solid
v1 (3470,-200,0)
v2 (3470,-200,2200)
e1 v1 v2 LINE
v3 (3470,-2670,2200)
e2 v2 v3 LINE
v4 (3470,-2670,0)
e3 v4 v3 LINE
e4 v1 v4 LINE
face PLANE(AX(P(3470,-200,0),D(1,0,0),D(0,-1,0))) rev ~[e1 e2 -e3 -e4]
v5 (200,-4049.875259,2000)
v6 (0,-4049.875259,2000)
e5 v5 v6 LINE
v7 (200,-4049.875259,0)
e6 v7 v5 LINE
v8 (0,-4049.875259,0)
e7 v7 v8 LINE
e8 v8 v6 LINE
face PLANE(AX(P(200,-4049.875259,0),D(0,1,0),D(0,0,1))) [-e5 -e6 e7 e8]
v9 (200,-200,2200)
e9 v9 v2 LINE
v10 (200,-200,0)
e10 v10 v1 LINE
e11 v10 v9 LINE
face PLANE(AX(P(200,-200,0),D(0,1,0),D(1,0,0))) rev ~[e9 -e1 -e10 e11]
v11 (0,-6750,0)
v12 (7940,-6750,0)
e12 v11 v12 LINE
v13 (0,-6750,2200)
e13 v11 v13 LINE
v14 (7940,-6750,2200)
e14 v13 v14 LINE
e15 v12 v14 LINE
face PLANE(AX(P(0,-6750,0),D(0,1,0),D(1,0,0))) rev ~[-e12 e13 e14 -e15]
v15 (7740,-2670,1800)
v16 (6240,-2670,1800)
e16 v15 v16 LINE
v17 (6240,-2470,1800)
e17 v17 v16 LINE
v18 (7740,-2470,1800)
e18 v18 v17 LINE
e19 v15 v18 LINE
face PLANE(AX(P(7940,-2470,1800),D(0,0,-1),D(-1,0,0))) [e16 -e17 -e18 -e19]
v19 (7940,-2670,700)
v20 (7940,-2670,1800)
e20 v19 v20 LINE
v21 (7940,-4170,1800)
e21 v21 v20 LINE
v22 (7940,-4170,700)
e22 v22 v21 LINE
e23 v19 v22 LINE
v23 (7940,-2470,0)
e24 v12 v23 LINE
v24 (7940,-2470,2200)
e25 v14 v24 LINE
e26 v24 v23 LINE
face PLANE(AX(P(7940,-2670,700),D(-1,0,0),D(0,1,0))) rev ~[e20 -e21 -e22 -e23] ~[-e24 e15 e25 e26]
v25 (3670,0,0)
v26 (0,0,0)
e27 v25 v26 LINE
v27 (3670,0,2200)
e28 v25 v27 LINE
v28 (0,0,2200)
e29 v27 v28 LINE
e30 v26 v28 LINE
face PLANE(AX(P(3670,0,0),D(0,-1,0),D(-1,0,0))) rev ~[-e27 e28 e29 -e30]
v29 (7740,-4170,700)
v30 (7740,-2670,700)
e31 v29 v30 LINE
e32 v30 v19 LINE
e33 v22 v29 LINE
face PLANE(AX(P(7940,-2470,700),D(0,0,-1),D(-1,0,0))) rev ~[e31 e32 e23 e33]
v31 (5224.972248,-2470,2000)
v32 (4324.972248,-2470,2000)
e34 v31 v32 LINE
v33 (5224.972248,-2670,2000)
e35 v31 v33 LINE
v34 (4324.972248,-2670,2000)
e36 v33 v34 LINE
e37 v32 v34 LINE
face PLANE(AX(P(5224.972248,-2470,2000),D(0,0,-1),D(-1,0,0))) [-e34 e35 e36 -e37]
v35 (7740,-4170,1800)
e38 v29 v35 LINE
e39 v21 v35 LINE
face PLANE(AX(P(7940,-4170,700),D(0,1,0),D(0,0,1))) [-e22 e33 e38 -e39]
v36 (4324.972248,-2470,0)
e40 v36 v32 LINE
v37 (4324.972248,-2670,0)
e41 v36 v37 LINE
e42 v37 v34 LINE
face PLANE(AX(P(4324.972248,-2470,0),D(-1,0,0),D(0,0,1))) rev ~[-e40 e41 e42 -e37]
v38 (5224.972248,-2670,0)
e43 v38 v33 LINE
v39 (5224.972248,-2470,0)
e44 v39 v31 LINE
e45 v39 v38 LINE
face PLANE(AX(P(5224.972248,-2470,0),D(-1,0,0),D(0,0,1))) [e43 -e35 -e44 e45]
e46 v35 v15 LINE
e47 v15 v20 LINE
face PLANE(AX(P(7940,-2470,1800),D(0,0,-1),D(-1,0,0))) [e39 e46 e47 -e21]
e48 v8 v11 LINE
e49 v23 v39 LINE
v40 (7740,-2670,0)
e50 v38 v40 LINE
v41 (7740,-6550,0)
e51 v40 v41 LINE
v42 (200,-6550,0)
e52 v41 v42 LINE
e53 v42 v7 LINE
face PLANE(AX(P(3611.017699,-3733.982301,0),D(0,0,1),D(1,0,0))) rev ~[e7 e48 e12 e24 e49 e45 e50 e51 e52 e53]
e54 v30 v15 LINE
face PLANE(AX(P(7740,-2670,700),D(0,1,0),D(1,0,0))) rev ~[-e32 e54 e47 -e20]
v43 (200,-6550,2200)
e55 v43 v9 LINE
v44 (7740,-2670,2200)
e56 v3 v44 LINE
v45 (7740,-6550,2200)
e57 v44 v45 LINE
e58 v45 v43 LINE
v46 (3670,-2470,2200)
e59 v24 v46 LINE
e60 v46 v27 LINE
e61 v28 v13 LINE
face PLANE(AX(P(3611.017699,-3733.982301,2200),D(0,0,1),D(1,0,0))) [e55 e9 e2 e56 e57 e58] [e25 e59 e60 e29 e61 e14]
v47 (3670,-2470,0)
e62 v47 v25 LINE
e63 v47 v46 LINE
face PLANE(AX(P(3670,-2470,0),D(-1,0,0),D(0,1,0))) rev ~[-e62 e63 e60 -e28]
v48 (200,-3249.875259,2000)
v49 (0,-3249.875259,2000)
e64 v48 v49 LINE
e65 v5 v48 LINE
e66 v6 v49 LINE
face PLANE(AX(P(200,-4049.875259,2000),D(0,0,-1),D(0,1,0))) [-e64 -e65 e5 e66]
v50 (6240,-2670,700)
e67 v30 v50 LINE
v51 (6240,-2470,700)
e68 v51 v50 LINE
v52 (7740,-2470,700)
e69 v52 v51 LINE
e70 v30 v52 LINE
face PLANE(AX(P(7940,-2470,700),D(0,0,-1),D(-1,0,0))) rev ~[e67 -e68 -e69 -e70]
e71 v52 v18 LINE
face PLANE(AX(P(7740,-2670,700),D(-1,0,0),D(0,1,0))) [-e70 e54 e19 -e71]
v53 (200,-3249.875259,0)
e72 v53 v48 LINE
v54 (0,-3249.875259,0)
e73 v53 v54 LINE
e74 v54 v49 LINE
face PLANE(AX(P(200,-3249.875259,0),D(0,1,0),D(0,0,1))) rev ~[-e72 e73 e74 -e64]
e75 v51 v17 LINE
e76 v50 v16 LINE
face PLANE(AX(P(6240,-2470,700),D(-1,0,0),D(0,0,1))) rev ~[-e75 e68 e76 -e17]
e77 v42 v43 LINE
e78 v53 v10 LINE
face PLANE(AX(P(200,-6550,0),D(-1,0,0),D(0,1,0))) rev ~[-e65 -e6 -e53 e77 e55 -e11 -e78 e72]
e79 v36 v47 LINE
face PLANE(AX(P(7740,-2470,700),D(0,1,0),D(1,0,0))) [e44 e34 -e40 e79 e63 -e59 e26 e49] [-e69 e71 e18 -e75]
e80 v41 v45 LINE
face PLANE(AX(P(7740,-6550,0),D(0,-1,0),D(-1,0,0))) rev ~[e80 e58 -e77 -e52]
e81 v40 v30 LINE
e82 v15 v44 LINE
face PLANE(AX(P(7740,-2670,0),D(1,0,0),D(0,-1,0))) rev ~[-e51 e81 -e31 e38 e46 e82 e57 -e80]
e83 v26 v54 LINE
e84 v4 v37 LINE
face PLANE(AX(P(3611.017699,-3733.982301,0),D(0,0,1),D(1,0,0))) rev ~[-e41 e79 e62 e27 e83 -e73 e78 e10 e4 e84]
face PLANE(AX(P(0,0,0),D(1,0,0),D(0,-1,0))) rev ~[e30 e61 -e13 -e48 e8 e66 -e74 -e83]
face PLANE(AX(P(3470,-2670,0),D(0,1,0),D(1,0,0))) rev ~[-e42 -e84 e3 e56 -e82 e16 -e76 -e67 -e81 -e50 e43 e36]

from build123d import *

# Parameters (mm, degrees)
F1_DEPTH  = 2200
F2_W      = 900
F2_H      = 2000
F3_DEPTH  = 300
F4_W      = 800
F4_H      = 2000
F5_DEPTH  = 300
F2_W_2    = 1700
F2_H_2    = 1100
F6_DEPTH  = 200
F7_W      = 1500
F7_H      = 1100
F8_DEPTH  = 200
F9_W      = 200
F9_H      = 200
F10_DEPTH = 1100


with BuildPart() as f1:
    # F0 (on Top) → F1 (new body)
    with BuildSketch(Plane.XY):
        Polygon((3670, 0), (0, 0), (0, -6750), (7940, -6750), (7940, -4170), (7940, -2470), (6240, -2470), (3670, -2470), align=None)
        Polygon((3470, -2670), (7740, -2670), (7740, -6550), (200, -6550), (200, -200), (3470, -200), align=None, mode=Mode.SUBTRACT)
    extrude(amount=F1_DEPTH)

    # F2 (on face) → F3 (cut)
    with BuildSketch(Plane(origin=(0, -2470, 0), x_dir=(-1, 0, 0), z_dir=(0, 1, 0))):
        with Locations((-4774.972248, 1000)):
            Rectangle(F2_W, F2_H)
    extrude(amount=-F3_DEPTH, mode=Mode.SUBTRACT)

    # F4 (on face) → F5 (cut)
    with BuildSketch(Plane.YZ.offset(200)):
        with Locations((-3649.875259, 1000)):
            Rectangle(F4_W, F4_H)
    extrude(amount=-F5_DEPTH, mode=Mode.SUBTRACT)

    # F2 (on face) → F6 (cut)
    with BuildSketch(Plane(origin=(0, -2470, 0), x_dir=(-1, 0, 0), z_dir=(0, 1, 0))):
        with Locations((-7090, 1250)):
            Rectangle(F2_W_2, F2_H_2)
    extrude(amount=-F6_DEPTH, mode=Mode.SUBTRACT)

    # F7 (on face) → F8 (cut)
    with BuildSketch(Plane.YZ.offset(7940)):
        with Locations((-3420, 1250)):
            Rectangle(F7_W, F7_H)
    extrude(amount=-F8_DEPTH, mode=Mode.SUBTRACT)

    # F9 (on face) → F10 (join)
    with BuildSketch(Plane.XY.offset(700)):
        with Locations((7840, -2570)):
            Rectangle(F9_W, F9_H)
    extrude(amount=F10_DEPTH)


solid = f1.part
